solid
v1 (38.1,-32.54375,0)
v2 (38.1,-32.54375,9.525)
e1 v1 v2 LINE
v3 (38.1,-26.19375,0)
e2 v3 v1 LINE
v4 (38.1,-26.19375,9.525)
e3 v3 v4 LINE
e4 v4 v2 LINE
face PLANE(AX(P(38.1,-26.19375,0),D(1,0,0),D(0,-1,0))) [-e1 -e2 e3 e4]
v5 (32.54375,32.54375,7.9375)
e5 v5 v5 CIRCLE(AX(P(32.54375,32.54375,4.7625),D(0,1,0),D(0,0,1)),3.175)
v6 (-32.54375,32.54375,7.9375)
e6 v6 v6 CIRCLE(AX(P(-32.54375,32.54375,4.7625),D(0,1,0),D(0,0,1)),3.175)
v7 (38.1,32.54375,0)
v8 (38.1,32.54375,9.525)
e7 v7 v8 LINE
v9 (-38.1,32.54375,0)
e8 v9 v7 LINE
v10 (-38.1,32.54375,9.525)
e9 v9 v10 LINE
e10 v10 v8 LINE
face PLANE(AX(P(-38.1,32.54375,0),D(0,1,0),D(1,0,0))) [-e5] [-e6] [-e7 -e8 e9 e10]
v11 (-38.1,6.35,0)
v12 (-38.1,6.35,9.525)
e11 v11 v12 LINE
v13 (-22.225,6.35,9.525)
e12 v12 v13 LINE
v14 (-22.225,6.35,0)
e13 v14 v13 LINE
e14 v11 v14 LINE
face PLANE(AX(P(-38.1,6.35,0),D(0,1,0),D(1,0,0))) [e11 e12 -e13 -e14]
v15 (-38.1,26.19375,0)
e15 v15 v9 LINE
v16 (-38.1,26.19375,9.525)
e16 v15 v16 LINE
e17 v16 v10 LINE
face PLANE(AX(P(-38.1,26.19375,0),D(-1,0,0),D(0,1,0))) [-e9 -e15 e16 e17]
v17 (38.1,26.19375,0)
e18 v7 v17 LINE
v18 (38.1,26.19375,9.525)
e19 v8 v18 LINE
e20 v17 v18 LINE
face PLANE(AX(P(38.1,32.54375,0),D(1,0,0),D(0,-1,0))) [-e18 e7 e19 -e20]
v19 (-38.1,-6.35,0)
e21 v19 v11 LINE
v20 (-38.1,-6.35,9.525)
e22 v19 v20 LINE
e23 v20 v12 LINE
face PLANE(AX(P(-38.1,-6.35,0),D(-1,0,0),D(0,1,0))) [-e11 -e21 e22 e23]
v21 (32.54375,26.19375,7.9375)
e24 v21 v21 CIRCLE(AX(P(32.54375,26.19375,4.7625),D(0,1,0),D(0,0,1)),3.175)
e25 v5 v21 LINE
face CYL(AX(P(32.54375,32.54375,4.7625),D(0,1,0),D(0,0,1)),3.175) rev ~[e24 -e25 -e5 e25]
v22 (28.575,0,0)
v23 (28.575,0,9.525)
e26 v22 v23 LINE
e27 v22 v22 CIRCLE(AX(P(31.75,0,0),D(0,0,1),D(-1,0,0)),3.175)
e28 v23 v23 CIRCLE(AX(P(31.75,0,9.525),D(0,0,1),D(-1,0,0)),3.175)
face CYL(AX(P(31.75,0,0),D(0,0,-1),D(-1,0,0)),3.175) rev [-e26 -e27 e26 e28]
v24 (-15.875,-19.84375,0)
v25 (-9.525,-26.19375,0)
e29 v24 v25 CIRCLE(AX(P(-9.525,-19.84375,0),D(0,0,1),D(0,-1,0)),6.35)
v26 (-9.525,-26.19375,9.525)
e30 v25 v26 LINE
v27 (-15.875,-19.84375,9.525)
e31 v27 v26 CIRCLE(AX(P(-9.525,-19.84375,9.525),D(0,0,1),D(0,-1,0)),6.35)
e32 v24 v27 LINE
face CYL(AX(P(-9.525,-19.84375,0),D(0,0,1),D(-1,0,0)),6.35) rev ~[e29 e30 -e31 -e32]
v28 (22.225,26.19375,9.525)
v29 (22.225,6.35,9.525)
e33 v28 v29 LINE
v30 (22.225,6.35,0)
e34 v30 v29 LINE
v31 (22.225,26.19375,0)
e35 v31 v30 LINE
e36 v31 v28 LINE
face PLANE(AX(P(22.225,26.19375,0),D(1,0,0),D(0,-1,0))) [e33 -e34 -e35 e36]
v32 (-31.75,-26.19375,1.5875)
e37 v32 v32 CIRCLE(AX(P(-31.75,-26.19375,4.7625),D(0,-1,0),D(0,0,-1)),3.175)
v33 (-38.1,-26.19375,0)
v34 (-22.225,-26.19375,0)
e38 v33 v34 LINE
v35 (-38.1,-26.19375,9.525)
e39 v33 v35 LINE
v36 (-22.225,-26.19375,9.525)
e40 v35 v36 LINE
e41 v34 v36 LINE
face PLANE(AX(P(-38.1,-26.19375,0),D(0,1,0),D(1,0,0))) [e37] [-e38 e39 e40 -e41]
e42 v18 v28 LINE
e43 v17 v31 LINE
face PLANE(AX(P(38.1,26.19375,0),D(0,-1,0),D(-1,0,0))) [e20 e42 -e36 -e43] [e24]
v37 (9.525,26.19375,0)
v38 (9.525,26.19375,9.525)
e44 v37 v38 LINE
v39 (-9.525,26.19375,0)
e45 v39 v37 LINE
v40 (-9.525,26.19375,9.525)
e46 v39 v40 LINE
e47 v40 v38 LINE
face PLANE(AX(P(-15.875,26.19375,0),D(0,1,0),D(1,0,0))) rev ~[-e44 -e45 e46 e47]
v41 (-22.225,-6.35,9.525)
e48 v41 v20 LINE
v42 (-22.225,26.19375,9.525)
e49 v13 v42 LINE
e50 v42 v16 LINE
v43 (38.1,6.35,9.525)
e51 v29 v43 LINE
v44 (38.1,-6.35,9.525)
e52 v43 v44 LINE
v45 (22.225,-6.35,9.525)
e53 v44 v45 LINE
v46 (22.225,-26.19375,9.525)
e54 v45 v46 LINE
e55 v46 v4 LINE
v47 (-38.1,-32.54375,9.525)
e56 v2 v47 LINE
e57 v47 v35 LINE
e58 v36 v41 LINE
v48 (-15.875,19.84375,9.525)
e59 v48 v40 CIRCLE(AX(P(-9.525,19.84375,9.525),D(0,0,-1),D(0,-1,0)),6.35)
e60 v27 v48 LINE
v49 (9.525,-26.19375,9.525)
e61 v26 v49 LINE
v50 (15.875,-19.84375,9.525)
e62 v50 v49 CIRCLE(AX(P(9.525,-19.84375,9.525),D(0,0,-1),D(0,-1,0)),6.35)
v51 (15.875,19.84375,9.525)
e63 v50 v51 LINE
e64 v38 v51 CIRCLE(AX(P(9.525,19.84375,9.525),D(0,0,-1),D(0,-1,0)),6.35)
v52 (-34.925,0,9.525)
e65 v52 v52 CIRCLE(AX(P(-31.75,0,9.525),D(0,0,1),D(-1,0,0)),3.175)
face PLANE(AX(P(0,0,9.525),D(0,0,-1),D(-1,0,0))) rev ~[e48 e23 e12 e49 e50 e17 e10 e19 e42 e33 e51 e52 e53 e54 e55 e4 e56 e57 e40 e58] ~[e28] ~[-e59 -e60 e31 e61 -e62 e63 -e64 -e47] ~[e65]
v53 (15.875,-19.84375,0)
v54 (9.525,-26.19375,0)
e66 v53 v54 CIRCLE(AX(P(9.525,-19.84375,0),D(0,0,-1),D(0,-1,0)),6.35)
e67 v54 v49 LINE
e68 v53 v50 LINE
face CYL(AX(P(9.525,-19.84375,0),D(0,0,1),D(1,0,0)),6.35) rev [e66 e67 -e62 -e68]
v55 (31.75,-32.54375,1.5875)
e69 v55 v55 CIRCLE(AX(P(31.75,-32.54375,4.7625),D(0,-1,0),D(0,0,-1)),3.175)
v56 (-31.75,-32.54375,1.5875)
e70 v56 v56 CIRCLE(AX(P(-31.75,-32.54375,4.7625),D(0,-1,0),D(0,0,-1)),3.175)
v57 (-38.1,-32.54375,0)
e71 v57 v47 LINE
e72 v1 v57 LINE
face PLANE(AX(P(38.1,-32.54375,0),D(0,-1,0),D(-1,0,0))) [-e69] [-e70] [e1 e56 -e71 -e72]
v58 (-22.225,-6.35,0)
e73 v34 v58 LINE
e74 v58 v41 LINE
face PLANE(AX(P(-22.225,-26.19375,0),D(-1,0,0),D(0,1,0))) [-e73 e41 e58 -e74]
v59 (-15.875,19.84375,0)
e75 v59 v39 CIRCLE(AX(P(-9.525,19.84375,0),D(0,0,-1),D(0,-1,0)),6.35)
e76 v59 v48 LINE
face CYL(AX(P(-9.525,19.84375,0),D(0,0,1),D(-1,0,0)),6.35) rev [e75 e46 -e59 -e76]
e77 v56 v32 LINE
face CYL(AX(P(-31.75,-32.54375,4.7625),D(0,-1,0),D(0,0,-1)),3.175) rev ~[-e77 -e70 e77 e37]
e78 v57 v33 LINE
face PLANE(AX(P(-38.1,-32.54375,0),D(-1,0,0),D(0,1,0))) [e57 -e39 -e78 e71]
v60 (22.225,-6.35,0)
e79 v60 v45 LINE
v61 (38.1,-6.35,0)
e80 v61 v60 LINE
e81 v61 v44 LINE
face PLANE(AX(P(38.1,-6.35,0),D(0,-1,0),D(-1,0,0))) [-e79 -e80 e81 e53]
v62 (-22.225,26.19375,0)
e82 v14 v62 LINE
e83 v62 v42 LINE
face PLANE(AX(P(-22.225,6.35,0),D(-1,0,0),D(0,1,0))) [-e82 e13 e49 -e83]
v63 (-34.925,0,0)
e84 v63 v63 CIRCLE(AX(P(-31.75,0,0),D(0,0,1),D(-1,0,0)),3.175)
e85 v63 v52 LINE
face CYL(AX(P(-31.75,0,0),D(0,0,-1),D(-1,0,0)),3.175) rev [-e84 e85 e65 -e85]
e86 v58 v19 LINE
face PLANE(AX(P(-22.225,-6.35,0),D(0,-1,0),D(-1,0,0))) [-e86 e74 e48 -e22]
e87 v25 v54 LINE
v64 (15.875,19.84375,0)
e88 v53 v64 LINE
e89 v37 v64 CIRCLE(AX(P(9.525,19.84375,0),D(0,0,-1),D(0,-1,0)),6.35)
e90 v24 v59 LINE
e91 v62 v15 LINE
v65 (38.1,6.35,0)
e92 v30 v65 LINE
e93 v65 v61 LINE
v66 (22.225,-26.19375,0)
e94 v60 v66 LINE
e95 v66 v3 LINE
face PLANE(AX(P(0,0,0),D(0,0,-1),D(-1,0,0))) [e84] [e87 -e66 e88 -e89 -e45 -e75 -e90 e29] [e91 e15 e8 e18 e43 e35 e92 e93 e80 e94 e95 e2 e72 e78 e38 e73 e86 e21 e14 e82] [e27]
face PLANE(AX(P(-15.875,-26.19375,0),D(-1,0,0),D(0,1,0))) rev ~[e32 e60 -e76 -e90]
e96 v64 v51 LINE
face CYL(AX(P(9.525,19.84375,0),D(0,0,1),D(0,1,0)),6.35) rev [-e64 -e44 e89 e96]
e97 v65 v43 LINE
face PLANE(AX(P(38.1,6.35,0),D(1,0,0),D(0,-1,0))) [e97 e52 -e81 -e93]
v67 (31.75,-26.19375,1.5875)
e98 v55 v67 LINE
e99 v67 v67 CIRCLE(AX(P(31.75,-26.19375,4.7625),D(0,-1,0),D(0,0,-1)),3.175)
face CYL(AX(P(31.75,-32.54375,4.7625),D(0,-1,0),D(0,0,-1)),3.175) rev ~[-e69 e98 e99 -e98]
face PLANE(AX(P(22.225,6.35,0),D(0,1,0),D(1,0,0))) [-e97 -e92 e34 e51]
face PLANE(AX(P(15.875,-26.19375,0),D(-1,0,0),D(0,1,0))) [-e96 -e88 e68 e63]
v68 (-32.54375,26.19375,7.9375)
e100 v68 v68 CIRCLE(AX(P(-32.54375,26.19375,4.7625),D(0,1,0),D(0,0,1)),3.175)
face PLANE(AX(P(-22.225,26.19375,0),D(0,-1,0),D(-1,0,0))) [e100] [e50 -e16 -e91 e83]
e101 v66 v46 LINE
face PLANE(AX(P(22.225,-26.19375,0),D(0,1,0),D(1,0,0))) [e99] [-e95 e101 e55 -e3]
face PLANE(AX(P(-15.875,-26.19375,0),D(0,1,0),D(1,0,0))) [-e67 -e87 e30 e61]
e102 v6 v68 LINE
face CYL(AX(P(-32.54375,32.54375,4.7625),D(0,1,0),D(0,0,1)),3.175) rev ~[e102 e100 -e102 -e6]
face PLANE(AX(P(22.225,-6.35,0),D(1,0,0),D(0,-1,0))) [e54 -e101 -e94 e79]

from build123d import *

# Parameters (mm, degrees)
SKETCH2_R           = 3.175
SKETCH2_W           = 31.75
SKETCH2_H           = 52.3875
BOSS_EXTRUDE1_DEPTH = 9.525
FILLET1_R           = 6.35
CUT_EXTRUDE1_REACH  = 78.018
SKETCH3_R           = 3.175
CUT_EXTRUDE2_REACH  = 78.018
SKETCH4_R           = 3.175


with BuildPart() as part:
    # Sketch2 → Boss-Extrude1 (new body)
    with BuildSketch(Plane.XY):
        Polygon((-22.225, -26.19375), (-22.225, -6.35), (-38.1, -6.35), (-38.1, 6.35), (-22.225, 6.35), (-22.225, 26.19375), (-38.1, 26.19375), (-38.1, 32.54375), (38.1, 32.54375), (38.1, 26.19375), (22.225, 26.19375), (22.225, 6.35), (38.1, 6.35), (38.1, -6.35), (22.225, -6.35), (22.225, -26.19375), (38.1, -26.19375), (38.1, -32.54375), (-38.1, -32.54375), (-38.1, -26.19375), align=None)
        with Locations(Location((-31.75, 0, 0), (0, 0, 180))):
            Circle(SKETCH2_R, mode=Mode.SUBTRACT)
        with Locations(Location((31.75, 0, 0), (0, 0, 180))):
            Circle(SKETCH2_R, mode=Mode.SUBTRACT)
        Rectangle(SKETCH2_W, SKETCH2_H, mode=Mode.SUBTRACT)
    extrude(amount=BOSS_EXTRUDE1_DEPTH)

    # Fillet1
    fillet1_edges = [part.edges().sort_by_distance(p)[0] for p in [
        (-15.875, 26.19375, 4.7625),
        (-15.875, -26.19375, 4.7625),
        (15.875, -26.19375, 4.7625),
        (15.875, 26.19375, 4.7625),
    ]]
    fillet(fillet1_edges, radius=FILLET1_R)

    # Sketch3 → Cut-Extrude1 (cut, up to next)
    with BuildSketch(Plane(origin=(0, 32.54375, 0), x_dir=(1, 0, 0), z_dir=(0, 1, 0)), mode=Mode.PRIVATE) as cut_extrude1_sk1:
        with Locations(Location((-32.54375, -4.7625, 0), (0, 0, 270))):
            Circle(SKETCH3_R)
    cut_extrude1_tool1 = extrude(cut_extrude1_sk1.sketch, amount=-CUT_EXTRUDE1_REACH, mode=Mode.PRIVATE) & part.part
    # Sketch3 → Cut-Extrude1 (cut, up to next)
    with BuildSketch(Plane(origin=(0, 32.54375, 0), x_dir=(1, 0, 0), z_dir=(0, 1, 0)), mode=Mode.PRIVATE) as cut_extrude1_sk2:
        with Locations(Location((32.54375, -4.7625, 0), (0, 0, 270))):
            Circle(SKETCH3_R)
    cut_extrude1_tool2 = extrude(cut_extrude1_sk2.sketch, amount=-CUT_EXTRUDE1_REACH, mode=Mode.PRIVATE) & part.part
    add(cut_extrude1_tool1.solids().sort_by_distance((-32.54375, 32.54375, 4.7625))[0], mode=Mode.SUBTRACT)
    add(cut_extrude1_tool2.solids().sort_by_distance((32.54375, 32.54375, 4.7625))[0], mode=Mode.SUBTRACT)

    # Sketch4 → Cut-Extrude2 (cut, up to next)
    with BuildSketch(Plane.XZ.offset(32.54375), mode=Mode.PRIVATE) as cut_extrude2_sk1:
        with Locations(Location((-31.75, 4.7625, 0), (0, 0, 270))):
            Circle(SKETCH4_R)
    cut_extrude2_tool1 = extrude(cut_extrude2_sk1.sketch, amount=-CUT_EXTRUDE2_REACH, mode=Mode.PRIVATE) & part.part
    # Sketch4 → Cut-Extrude2 (cut, up to next)
    with BuildSketch(Plane.XZ.offset(32.54375), mode=Mode.PRIVATE) as cut_extrude2_sk2:
        with Locations(Location((31.75, 4.7625, 0), (0, 0, 270))):
            Circle(SKETCH4_R)
    cut_extrude2_tool2 = extrude(cut_extrude2_sk2.sketch, amount=-CUT_EXTRUDE2_REACH, mode=Mode.PRIVATE) & part.part
    add(cut_extrude2_tool1.solids().sort_by_distance((-31.75, -32.54375, 4.7625))[0], mode=Mode.SUBTRACT)
    add(cut_extrude2_tool2.solids().sort_by_distance((31.75, -32.54375, 4.7625))[0], mode=Mode.SUBTRACT)


solid = part.part
